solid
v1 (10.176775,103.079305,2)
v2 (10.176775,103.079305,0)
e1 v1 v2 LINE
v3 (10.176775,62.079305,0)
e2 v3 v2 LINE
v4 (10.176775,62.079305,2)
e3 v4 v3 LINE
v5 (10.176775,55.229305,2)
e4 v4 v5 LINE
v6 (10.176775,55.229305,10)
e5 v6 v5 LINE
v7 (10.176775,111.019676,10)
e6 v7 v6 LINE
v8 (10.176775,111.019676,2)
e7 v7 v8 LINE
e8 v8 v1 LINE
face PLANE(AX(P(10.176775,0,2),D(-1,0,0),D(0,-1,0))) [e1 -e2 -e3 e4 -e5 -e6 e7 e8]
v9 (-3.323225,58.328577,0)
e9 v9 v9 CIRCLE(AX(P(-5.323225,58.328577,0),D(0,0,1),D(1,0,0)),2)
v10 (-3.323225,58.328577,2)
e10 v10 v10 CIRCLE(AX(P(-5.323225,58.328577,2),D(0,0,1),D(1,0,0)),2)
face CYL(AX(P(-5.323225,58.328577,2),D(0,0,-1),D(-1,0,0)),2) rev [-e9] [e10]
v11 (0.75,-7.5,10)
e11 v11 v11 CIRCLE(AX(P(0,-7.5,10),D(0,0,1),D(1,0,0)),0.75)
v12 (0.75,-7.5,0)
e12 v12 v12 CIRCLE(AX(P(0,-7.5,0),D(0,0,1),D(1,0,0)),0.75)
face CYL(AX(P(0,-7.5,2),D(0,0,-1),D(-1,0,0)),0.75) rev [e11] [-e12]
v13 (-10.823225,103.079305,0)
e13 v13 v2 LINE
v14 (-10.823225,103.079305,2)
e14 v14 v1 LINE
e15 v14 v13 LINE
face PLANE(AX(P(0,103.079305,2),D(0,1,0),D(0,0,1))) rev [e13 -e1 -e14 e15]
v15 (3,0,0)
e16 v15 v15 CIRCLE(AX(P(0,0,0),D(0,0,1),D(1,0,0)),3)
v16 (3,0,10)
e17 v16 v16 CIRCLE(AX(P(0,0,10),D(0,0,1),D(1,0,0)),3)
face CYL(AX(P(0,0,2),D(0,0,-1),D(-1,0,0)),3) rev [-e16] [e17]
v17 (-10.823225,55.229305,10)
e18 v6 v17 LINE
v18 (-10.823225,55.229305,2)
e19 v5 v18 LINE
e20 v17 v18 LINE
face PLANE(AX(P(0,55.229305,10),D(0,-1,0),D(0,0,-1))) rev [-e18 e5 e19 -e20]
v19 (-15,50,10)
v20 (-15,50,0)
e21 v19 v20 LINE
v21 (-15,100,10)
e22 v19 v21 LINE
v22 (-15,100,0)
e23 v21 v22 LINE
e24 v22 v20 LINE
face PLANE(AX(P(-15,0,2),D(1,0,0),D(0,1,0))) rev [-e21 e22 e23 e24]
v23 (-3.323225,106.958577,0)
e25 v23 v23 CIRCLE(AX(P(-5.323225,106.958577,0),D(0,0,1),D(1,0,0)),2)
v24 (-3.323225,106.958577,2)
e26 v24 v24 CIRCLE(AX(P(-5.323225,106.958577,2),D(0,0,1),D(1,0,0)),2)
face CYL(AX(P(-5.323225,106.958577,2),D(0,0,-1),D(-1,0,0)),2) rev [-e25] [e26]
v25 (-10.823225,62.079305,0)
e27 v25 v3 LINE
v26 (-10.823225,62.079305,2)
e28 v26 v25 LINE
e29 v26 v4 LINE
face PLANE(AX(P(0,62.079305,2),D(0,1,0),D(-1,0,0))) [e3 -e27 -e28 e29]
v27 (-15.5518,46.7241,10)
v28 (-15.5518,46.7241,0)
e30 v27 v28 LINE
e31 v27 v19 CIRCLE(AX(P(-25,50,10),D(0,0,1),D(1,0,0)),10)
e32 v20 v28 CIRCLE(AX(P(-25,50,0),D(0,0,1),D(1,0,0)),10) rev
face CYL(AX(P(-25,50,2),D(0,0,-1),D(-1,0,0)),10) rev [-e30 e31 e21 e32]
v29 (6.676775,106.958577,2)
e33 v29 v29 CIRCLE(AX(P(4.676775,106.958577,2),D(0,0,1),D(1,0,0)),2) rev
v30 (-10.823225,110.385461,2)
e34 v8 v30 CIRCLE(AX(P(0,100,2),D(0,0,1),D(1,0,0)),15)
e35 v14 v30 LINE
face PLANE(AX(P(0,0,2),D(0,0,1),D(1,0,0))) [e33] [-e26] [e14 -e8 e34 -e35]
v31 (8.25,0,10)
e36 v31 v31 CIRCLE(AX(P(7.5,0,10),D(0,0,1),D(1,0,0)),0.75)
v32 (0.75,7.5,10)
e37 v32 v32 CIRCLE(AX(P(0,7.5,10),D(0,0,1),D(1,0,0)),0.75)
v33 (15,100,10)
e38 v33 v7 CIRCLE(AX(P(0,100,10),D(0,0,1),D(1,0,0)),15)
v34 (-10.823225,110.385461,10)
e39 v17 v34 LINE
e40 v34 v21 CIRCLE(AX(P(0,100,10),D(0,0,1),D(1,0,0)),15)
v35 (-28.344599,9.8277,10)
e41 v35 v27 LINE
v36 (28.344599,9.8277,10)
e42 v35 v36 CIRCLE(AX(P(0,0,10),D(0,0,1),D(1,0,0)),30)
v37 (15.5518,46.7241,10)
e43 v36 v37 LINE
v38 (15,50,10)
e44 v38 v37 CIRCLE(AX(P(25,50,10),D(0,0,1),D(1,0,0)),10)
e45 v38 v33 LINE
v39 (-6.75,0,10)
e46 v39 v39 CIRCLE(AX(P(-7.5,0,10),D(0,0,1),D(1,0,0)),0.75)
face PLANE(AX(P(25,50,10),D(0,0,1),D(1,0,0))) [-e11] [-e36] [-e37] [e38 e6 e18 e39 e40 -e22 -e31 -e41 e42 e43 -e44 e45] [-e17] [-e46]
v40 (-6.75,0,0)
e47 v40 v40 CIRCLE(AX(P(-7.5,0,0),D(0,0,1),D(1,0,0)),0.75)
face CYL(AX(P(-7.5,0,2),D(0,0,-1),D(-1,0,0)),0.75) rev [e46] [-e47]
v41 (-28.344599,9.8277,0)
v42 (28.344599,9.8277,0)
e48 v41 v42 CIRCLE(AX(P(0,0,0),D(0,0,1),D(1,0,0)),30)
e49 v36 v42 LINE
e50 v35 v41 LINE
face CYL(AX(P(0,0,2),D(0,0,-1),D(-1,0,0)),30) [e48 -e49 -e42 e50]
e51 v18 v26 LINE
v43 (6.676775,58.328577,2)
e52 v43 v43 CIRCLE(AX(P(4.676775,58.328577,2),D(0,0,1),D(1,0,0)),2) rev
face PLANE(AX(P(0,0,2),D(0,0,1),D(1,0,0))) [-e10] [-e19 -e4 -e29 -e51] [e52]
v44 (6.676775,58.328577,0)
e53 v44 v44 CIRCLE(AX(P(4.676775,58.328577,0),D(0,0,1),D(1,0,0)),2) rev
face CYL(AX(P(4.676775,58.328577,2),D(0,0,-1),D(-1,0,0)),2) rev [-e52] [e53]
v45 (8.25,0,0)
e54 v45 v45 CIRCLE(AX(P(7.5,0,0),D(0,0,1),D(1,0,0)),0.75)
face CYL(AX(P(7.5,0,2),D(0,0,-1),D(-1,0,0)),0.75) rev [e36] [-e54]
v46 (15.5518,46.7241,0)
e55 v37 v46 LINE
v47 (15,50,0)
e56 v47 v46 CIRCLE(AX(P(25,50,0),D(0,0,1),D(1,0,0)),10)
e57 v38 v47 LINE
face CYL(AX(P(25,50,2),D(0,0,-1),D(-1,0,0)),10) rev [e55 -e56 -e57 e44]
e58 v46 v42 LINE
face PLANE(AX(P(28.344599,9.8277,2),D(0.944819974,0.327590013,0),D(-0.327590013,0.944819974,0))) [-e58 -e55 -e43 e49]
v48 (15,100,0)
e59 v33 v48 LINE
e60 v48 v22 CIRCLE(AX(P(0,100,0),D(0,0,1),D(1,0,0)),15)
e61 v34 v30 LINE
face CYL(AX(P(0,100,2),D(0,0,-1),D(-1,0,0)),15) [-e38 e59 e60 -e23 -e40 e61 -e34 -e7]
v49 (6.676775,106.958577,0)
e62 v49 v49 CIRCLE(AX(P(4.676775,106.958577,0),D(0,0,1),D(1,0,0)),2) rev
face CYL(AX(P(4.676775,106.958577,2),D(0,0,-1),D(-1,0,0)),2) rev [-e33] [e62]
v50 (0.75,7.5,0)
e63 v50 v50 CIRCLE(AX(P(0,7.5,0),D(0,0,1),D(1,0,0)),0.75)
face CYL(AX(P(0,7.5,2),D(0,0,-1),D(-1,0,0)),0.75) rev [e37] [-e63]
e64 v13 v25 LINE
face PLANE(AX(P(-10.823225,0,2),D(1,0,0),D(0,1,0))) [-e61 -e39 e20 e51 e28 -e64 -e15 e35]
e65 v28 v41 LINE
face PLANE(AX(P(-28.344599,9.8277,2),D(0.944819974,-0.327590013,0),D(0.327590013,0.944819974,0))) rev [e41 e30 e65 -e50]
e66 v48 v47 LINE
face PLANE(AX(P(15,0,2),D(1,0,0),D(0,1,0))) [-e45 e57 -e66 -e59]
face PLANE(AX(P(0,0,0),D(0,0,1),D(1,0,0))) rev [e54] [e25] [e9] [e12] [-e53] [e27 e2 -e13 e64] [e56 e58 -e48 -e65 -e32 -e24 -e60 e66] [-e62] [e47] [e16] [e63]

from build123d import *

# Parameters (mm, degrees)
ESQUISSE1_W        = 21
ESQUISSE1_H        = 41
ESQUISSE1_R        = 0.75
ESQUISSE1_R_2      = 2
ESQUISSE1_R_3      = 3
BOSS_EXTRU_1_DEPTH = 2
BOSS_EXTRU_2_START = 2
ESQUISSE1_3_R      = 0.75
ESQUISSE1_3_R_2    = 3
BOSS_EXTRU_2_DEPTH = 8


with BuildPart() as part:
    # Esquisse1 → Boss.-Extru.1 (new body)
    with BuildSketch(Plane.XY):
        with BuildLine():
            Line((-15, 100), (-15, 50))
            ThreePointArc((-15, 50), (-15.138914933, 48.338975829), (-15.551800259, 46.72409987))
            Line((-15.551800259, 46.72409987), (-28.344599222, 9.827700389))
            ThreePointArc((-28.344599222, 9.827700389), (0, -30), (28.344599222, 9.827700389))
            Line((28.344599222, 9.827700389), (15.551800259, 46.72409987))
            ThreePointArc((15.551800259, 46.72409987), (15.138914933, 48.338975829), (15, 50))
            Line((15, 50), (15, 100))
            ThreePointArc((15, 100), (0, 115), (-15, 100))
        make_face()
        with Locations((-0.323225061, 82.579304785)):
            Rectangle(ESQUISSE1_W, ESQUISSE1_H, mode=Mode.SUBTRACT)
        with Locations((0, -7.5)):
            Circle(ESQUISSE1_R, mode=Mode.SUBTRACT)
        with Locations((-7.5, 0)):
            Circle(ESQUISSE1_R, mode=Mode.SUBTRACT)
        with Locations((0, 7.5)):
            Circle(ESQUISSE1_R, mode=Mode.SUBTRACT)
        with Locations((7.5, 0)):
            Circle(ESQUISSE1_R, mode=Mode.SUBTRACT)
        with Locations((4.676774939, 106.958577425)):
            Circle(ESQUISSE1_R_2, mode=Mode.SUBTRACT)
        with Locations((-5.323225061, 106.958577425)):
            Circle(ESQUISSE1_R_2, mode=Mode.SUBTRACT)
        with Locations((4.676774939, 58.328577425)):
            Circle(ESQUISSE1_R_2, mode=Mode.SUBTRACT)
        with Locations((-5.323225061, 58.328577425)):
            Circle(ESQUISSE1_R_2, mode=Mode.SUBTRACT)
        Circle(ESQUISSE1_R_3, mode=Mode.SUBTRACT)
    extrude(amount=BOSS_EXTRU_1_DEPTH)

    # Esquisse1<3> → Boss.-Extru.2 (add)
    with BuildSketch(Plane.XY.offset(BOSS_EXTRU_2_START)):
        with BuildLine():
            ThreePointArc((-10.823225061, 110.385460957), (-13.916687392, 105.596946672), (-15, 100))
            Line((-15, 100), (-15, 50))
            ThreePointArc((-15, 50), (-15.138914933, 48.338975829), (-15.551800259, 46.72409987))
            Line((-15.551800259, 46.72409987), (-28.344599222, 9.827700389))
            ThreePointArc((-28.344599222, 9.827700389), (0, -30), (28.344599222, 9.827700389))
            Line((28.344599222, 9.827700389), (15.551800259, 46.72409987))
            ThreePointArc((15.551800259, 46.72409987), (15.138914933, 48.338975829), (15, 50))
            Line((15, 50), (15, 100))
            ThreePointArc((15, 100), (13.74139047, 106.014498147), (10.176774939, 111.019675668))
            Line((10.176774939, 111.019675668), (10.176774939, 55.229304785))
            Line((10.176774939, 55.229304785), (-10.823225061, 55.229304785))
            Line((-10.823225061, 55.229304785), (-10.823225061, 110.385460957))
        make_face()
        with Locations((0, -7.5)):
            Circle(ESQUISSE1_3_R, mode=Mode.SUBTRACT)
        with Locations((7.5, 0)):
            Circle(ESQUISSE1_3_R, mode=Mode.SUBTRACT)
        with Locations((0, 7.5)):
            Circle(ESQUISSE1_3_R, mode=Mode.SUBTRACT)
        with Locations((-7.5, 0)):
            Circle(ESQUISSE1_3_R, mode=Mode.SUBTRACT)
        Circle(ESQUISSE1_3_R_2, mode=Mode.SUBTRACT)
    extrude(amount=BOSS_EXTRU_2_DEPTH)


solid = part.part
